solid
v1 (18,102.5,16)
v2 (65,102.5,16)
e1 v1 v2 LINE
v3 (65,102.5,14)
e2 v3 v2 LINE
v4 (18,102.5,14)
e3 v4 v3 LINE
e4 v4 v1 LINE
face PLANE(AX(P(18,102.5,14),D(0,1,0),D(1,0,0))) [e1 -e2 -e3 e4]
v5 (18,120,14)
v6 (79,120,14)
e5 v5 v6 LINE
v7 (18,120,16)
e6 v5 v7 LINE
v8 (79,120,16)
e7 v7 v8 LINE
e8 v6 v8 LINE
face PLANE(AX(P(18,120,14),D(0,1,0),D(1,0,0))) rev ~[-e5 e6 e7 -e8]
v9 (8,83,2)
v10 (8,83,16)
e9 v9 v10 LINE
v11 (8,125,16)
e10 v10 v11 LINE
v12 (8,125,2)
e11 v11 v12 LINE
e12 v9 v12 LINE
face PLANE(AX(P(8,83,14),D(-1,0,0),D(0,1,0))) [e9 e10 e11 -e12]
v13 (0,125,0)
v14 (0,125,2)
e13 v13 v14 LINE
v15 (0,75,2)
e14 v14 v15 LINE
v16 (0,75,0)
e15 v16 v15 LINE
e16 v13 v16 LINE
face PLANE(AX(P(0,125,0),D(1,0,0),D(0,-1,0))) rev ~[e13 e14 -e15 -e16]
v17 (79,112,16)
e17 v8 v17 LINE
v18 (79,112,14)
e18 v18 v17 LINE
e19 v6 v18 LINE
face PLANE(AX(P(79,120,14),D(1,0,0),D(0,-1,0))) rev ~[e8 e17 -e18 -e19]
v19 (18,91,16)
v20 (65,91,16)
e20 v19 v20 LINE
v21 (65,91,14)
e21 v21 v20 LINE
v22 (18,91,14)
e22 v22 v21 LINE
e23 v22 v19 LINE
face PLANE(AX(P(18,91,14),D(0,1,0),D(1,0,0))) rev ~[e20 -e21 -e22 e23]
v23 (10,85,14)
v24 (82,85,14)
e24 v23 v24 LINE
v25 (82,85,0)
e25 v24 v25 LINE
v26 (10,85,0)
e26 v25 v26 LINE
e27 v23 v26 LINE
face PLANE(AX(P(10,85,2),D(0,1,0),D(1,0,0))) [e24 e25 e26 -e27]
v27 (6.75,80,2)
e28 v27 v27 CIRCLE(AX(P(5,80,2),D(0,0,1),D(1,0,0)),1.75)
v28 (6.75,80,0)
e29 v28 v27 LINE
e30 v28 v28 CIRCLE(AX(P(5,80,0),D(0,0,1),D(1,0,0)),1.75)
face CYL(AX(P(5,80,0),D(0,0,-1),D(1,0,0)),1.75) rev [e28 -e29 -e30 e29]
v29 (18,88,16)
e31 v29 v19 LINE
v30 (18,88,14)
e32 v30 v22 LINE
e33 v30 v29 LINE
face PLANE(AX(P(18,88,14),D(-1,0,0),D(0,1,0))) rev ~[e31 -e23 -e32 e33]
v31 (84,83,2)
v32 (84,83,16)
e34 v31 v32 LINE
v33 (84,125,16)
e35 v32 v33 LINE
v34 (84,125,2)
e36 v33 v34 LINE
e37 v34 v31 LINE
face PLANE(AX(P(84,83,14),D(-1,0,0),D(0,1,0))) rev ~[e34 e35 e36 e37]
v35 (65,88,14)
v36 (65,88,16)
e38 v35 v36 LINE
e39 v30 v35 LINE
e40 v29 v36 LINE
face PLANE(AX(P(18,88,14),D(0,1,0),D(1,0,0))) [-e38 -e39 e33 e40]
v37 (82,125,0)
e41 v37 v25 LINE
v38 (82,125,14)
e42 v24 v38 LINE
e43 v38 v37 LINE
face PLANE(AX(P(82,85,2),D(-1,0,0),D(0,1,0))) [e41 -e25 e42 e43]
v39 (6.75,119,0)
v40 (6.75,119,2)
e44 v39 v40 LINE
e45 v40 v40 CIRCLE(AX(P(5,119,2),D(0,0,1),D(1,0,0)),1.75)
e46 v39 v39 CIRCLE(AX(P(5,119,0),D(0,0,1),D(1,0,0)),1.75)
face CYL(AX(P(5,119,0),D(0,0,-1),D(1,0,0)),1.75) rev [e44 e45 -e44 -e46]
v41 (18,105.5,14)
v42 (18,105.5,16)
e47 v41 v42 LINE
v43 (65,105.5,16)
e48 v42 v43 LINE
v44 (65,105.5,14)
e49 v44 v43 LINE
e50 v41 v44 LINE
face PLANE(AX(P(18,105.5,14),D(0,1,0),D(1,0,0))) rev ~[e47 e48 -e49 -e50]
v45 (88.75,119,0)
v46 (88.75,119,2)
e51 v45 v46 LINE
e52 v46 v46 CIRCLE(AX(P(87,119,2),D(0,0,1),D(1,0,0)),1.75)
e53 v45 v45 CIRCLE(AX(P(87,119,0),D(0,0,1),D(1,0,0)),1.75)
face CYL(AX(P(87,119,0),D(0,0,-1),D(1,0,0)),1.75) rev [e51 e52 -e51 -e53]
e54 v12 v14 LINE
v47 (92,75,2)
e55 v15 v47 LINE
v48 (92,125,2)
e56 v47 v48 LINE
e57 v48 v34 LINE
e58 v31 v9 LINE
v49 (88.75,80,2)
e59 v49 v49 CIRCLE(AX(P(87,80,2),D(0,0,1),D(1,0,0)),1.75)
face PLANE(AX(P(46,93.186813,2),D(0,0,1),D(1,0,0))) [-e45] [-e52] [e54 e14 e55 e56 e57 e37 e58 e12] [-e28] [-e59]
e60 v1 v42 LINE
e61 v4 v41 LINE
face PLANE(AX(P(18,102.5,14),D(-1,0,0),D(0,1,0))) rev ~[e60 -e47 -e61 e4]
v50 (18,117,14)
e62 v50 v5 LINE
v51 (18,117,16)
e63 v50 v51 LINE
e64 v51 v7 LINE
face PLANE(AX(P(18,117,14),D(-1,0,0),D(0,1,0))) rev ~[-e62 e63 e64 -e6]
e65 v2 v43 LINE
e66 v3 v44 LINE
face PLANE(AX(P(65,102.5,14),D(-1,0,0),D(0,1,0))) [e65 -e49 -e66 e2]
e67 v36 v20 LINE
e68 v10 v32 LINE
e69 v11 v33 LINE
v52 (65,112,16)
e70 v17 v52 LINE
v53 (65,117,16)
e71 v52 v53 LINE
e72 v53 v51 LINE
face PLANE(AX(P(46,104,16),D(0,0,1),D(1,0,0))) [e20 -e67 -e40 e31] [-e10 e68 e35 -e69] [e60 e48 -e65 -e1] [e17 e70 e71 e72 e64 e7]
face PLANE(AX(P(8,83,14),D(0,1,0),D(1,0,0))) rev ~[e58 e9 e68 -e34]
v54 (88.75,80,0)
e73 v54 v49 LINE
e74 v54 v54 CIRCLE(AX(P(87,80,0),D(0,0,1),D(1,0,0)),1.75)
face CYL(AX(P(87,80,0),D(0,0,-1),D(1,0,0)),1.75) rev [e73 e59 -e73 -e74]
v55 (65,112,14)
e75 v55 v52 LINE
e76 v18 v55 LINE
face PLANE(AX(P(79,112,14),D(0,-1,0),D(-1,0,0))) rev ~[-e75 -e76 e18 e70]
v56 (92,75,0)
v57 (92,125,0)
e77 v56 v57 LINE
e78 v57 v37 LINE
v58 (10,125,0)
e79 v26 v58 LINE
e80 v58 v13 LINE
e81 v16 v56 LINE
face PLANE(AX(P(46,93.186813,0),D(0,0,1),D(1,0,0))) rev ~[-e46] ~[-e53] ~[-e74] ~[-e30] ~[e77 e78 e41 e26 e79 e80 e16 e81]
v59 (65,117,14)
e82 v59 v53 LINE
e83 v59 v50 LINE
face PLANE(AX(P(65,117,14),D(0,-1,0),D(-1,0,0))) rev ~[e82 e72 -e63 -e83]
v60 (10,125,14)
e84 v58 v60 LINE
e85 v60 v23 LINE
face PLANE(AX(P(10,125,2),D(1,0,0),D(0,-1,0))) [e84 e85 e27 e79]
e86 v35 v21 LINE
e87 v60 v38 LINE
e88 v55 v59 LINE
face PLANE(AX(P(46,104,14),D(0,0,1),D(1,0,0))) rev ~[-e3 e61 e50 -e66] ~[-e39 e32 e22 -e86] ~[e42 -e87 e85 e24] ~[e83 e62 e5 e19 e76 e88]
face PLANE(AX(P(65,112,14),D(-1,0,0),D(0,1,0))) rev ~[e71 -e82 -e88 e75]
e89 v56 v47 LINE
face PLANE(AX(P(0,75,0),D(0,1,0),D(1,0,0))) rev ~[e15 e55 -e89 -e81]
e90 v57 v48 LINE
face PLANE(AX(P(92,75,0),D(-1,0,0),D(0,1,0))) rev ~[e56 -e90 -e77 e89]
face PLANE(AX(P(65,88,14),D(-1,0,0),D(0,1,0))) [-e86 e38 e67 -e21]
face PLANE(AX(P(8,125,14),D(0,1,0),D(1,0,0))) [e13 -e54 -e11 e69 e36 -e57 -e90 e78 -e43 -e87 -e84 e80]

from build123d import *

# Parameters (mm, degrees)
SKETCH031_R   = 1.75
PAD017_DEPTH  = 2
PAD018_DEPTH  = 12
SKETCH033_W   = 76
SKETCH033_H   = 42
SKETCH033_W_2 = 47
SKETCH033_H_2 = 3
PAD019_DEPTH  = 2


with BuildPart() as part:
    # Sketch031 → Pad017 (new body)
    with BuildSketch(Plane.XY):
        Polygon((10, 0), (0, 0), (0, -50), (92, -50), (92, 0), (82, 0), (82, -40), (10, -40), align=None)
        with Locations((5, -45)):
            Circle(SKETCH031_R, mode=Mode.SUBTRACT)
        with Locations((87, -45)):
            Circle(SKETCH031_R, mode=Mode.SUBTRACT)
        with Locations((87, -6)):
            Circle(SKETCH031_R, mode=Mode.SUBTRACT)
        with Locations((5, -6)):
            Circle(SKETCH031_R, mode=Mode.SUBTRACT)
    extrude(amount=PAD017_DEPTH)

    # Sketch032 (on Face14 of Pad017) → Pad018 (join)
    with BuildSketch(Plane.XY.offset(2)):
        Polygon((10, 0), (10, -40), (82, -40), (82, 0), (84, 0), (84, -42), (8, -42), (8, 0), align=None)
    extrude(amount=PAD018_DEPTH)

    # Sketch033 (on Face18 of Pad018) → Pad019 (join)
    with BuildSketch(Plane.XY.offset(14)):
        with Locations((46, -21)):
            Rectangle(SKETCH033_W, SKETCH033_H)
        Polygon((18, -5), (74, -5), (79, -5), (79, -13), (65, -13), (65, -8), (18, -8), align=None, mode=Mode.SUBTRACT)
        with Locations((41.5, -21)):
            Rectangle(SKETCH033_W_2, SKETCH033_H_2, mode=Mode.SUBTRACT)
        with Locations((41.5, -35.5)):
            Rectangle(SKETCH033_W_2, SKETCH033_H_2, mode=Mode.SUBTRACT)
    extrude(amount=PAD019_DEPTH)


with BuildPart() as part_1:
    # Body015 placement: moved
    add(part.part.moved(Location((0, 125, 0))))


solid = part_1.part
